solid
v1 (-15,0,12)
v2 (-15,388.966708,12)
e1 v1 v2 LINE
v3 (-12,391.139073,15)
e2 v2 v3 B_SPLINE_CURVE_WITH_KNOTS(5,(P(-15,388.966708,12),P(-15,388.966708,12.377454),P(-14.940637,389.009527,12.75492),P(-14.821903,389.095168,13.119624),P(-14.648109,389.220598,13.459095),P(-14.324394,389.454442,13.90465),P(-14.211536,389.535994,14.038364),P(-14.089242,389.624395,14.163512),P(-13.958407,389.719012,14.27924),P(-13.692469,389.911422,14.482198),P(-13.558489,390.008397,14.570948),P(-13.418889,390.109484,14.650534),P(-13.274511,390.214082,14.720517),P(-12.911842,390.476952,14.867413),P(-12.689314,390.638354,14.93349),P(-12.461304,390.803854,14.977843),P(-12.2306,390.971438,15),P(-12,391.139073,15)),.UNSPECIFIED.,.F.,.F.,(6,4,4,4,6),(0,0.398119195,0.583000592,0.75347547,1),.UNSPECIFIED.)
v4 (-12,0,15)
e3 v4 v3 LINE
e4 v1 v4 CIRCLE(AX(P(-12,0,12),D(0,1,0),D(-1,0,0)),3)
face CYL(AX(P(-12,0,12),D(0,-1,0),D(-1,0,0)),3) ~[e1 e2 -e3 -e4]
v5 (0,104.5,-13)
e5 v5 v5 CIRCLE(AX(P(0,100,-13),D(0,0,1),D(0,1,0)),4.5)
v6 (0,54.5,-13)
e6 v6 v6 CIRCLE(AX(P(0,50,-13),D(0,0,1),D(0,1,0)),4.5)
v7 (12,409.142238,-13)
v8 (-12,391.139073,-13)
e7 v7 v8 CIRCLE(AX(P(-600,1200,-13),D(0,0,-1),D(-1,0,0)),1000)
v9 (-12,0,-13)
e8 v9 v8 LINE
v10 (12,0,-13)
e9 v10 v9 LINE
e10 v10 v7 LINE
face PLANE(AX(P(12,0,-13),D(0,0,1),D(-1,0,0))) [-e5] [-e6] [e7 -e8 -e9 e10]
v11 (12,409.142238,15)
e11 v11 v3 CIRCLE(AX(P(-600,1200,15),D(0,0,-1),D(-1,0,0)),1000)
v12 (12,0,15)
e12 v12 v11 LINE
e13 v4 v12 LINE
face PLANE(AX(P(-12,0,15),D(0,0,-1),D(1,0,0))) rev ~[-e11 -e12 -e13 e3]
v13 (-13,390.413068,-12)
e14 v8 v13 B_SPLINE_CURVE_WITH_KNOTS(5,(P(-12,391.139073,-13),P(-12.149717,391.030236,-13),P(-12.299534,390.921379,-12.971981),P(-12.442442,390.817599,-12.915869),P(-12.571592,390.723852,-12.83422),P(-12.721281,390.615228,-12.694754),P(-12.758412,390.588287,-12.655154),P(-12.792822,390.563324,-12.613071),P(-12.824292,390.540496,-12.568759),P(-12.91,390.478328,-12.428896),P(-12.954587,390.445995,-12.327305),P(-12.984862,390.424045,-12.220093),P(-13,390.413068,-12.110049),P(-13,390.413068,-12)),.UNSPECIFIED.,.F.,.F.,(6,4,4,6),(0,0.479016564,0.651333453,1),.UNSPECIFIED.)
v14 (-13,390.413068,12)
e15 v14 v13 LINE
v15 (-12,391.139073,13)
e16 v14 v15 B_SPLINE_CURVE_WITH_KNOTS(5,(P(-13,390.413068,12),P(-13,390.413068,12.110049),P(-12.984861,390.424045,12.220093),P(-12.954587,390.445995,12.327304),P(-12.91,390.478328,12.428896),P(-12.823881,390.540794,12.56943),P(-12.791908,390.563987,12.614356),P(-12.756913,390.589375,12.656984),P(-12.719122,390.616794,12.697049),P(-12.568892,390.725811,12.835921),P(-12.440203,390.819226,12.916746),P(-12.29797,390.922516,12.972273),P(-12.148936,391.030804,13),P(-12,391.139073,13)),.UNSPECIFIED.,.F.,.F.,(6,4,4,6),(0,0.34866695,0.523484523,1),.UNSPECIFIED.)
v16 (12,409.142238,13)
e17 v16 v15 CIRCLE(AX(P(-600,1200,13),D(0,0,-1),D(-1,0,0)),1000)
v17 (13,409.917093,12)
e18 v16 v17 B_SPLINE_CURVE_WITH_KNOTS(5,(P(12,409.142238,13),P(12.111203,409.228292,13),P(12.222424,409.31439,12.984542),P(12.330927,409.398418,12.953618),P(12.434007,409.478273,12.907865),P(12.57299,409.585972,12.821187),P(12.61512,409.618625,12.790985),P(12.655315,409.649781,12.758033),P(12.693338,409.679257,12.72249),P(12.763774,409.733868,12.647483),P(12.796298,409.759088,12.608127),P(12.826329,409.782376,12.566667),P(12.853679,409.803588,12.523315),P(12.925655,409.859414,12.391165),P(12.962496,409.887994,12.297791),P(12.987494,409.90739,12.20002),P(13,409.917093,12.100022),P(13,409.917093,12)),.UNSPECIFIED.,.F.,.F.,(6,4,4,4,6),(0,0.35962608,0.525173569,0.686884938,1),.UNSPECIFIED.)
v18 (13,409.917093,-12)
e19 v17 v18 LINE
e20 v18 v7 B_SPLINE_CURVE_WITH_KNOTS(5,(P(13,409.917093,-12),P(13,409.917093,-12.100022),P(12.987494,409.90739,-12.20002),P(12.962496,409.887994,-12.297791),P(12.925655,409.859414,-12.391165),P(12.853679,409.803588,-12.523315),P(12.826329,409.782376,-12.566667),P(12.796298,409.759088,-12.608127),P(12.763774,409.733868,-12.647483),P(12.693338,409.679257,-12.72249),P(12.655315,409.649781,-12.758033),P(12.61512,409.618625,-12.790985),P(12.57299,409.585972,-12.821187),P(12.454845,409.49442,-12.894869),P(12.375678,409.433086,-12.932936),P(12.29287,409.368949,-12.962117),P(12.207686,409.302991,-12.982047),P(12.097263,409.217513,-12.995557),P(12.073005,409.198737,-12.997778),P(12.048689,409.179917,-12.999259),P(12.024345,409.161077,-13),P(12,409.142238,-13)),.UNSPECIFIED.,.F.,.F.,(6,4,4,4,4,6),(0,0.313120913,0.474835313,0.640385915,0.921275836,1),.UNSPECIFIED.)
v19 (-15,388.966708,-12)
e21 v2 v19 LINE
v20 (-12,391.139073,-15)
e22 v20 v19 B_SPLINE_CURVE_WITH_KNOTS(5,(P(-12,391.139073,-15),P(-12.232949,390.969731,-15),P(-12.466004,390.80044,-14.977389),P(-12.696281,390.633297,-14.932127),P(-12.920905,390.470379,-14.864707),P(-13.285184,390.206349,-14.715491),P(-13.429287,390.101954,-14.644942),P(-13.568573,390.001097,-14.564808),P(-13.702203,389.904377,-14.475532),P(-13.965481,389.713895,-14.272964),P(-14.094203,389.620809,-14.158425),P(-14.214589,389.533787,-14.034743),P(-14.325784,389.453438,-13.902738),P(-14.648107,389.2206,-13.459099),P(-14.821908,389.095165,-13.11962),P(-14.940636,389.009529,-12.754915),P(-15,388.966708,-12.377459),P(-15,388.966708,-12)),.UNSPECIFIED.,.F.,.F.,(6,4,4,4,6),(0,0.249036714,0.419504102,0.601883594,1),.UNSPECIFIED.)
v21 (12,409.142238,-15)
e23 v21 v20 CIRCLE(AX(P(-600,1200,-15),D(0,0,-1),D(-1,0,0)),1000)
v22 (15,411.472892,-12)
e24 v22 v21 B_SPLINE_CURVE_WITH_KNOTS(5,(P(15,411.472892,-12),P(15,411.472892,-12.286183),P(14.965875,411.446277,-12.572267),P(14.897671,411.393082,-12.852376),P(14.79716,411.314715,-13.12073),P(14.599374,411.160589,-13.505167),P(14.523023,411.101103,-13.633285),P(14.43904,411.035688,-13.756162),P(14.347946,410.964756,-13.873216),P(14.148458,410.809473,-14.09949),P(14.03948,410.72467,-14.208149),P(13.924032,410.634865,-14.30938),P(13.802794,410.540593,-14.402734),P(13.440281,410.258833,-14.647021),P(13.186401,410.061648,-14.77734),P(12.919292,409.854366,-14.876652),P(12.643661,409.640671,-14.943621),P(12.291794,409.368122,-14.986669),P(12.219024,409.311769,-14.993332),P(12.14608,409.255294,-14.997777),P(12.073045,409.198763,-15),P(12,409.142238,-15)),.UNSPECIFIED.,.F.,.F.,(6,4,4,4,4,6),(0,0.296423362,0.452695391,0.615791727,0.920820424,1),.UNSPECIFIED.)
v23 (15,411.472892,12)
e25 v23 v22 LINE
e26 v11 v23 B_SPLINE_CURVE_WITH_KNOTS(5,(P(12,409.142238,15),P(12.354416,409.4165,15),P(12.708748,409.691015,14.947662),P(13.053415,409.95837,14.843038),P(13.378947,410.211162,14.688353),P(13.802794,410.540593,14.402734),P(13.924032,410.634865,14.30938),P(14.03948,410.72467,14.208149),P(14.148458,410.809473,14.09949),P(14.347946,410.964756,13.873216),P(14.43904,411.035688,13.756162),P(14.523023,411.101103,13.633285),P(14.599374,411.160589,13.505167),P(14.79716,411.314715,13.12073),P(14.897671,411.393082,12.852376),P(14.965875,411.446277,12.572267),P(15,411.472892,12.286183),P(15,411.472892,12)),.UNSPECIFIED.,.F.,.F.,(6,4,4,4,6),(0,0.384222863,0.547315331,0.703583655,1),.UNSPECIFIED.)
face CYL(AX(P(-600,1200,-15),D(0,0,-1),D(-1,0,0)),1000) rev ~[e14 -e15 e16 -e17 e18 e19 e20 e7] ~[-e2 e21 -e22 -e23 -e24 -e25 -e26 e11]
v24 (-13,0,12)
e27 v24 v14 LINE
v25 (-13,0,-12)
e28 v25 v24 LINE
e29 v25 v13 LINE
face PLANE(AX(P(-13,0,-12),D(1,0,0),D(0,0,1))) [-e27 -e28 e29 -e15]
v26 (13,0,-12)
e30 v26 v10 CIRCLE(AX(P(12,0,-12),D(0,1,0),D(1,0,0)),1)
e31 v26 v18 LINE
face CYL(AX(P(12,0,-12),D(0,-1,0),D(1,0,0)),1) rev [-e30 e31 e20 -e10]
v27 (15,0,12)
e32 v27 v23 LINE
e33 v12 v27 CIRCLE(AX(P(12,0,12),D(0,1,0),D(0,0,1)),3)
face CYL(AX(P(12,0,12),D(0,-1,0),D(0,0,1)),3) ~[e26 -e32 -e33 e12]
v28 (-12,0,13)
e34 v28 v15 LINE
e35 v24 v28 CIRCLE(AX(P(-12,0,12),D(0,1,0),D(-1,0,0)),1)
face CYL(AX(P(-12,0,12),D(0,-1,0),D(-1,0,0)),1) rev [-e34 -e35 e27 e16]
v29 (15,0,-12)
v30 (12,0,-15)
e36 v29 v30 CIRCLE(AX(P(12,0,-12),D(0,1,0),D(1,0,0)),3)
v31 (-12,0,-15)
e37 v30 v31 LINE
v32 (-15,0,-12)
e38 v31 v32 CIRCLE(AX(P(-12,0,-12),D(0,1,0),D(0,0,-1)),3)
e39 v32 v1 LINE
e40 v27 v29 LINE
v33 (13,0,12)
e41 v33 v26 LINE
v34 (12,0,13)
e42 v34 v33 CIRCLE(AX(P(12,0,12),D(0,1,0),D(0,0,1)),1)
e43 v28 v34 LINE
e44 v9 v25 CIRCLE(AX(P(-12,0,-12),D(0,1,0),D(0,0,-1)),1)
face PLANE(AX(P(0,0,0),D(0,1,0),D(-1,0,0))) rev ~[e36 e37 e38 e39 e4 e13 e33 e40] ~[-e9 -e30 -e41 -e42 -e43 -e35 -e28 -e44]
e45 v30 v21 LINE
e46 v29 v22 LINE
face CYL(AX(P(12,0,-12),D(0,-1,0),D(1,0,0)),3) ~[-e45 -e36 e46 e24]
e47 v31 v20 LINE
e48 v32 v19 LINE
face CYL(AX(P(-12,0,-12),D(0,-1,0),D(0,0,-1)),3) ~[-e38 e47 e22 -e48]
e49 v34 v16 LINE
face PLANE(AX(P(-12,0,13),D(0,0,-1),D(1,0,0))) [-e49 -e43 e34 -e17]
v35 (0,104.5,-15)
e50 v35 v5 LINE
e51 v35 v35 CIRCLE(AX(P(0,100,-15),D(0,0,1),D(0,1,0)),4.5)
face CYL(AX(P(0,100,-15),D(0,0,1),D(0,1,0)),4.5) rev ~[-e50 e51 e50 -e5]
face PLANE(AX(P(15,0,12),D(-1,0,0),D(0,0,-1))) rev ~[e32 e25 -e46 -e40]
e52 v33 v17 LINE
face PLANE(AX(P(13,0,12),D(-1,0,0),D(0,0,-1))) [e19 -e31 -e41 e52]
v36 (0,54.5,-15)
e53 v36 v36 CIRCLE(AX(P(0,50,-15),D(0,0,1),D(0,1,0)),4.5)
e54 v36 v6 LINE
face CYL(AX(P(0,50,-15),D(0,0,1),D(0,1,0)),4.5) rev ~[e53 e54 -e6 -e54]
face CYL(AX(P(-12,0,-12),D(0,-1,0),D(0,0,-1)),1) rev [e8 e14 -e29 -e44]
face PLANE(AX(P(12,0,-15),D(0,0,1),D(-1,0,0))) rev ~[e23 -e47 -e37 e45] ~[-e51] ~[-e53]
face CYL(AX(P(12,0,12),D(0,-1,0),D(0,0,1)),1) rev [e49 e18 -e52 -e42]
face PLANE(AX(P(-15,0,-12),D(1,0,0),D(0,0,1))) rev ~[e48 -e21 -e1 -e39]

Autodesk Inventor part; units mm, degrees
ref_plane "XZ Plane" through (0, 0, 0) normal (0, 1, 0) x (-1, 0, 0)
sketch "Sketch1" plane through (0, 0, 0) normal (0, 1, 0) x (-1, 0, 0)
  line L0 (-12, 14) -> (12, 14) construction
  line L1 (14, 12) -> (14, -12) construction
  line L2 (12, -14) -> (-12, -14) construction
  line L3 (-14, -12) -> (-14, 12) construction
  line L4 (-14, 14) -> (14, -14) construction
  line L5 (14, 14) -> (-14, -14) construction
  arc A0 (14, 12) -> (12, 14) centre (12, 12) ccw construction
  arc A1 (12, -14) -> (14, -12) centre (12, -12) ccw construction
  arc A2 (-14, -12) -> (-12, -14) centre (-12, -12) ccw construction
  arc A3 (-12, 14) -> (-14, 12) centre (-12, 12) ccw construction
  line L6 (-12, -15) -> (12, -15)
  arc A4 (12, -15) -> (15, -12) centre (12, -12) ccw
  line L7 (15, -12) -> (15, 12)
  arc A5 (15, 12) -> (12, 15) centre (12, 12) ccw
  line L8 (12, 15) -> (-12, 15)
  arc A6 (-12, 15) -> (-15, 12) centre (-12, 12) ccw
  line L9 (-15, 12) -> (-15, -12)
  arc A7 (-15, -12) -> (-12, -15) centre (-12, -12) ccw
  line L10 (13, -12) -> (13, 12)
  arc A8 (13, 12) -> (12, 13) centre (12, 12) ccw
  line L11 (12, 13) -> (-12, 13)
  arc A9 (-12, 13) -> (-13, 12) centre (-12, 12) ccw
  line L12 (-13, 12) -> (-13, -12)
  arc A10 (-13, -12) -> (-12, -13) centre (-12, -12) ccw
  line L13 (-12, -13) -> (12, -13)
  arc A11 (12, -13) -> (13, -12) centre (12, -12) ccw
  point P0 (0, 0)
  point P1 (0, 0)
  point P2 (0, 0)
  dimension "d10" = 2
  dimension "depth" = 30
  dimension "width" = 30
  dimension "thickness" = 2
extrude "Extrusion1" add sketch "Sketch1" along normal blind 500
sketch "Sketch2" plane through (12, 0, -15) normal (0, 0, -1) x (-1, 0, 0)
  line L0 (12, -470) -> (12, 2820) construction
  line L1 (0, 0) -> (24, 0) projected
  point P0 (12, 0)
  point P1 (12, 50)
  point P2 (12, 100)
  dimension "d16" = 50
  dimension "d17" = 50
hole "Hole1" at (0, 50, -15) at (0, 100, -15) direction (0, 0, 1) diameter 9 depth 20.2 tip angle 118
sketch "Sketch3" plane through (12, 0, -15) normal (0, 0, -1) x (-1, 0, 0)
  line L0 (12, -100) -> (12, 600) construction
  circle A0 centre (612, 1200) radius 1000
  point P0 (12, 0)
  dimension "d29" = 2000
  dimension "d30" = 600
  dimension "d31" = 1200
extrude "Extrusion2" cut sketch "Sketch3" against normal through all
equation "\"d10\" = thickness"
properties part number "noga do okraglej duzej L" material "Steel"
